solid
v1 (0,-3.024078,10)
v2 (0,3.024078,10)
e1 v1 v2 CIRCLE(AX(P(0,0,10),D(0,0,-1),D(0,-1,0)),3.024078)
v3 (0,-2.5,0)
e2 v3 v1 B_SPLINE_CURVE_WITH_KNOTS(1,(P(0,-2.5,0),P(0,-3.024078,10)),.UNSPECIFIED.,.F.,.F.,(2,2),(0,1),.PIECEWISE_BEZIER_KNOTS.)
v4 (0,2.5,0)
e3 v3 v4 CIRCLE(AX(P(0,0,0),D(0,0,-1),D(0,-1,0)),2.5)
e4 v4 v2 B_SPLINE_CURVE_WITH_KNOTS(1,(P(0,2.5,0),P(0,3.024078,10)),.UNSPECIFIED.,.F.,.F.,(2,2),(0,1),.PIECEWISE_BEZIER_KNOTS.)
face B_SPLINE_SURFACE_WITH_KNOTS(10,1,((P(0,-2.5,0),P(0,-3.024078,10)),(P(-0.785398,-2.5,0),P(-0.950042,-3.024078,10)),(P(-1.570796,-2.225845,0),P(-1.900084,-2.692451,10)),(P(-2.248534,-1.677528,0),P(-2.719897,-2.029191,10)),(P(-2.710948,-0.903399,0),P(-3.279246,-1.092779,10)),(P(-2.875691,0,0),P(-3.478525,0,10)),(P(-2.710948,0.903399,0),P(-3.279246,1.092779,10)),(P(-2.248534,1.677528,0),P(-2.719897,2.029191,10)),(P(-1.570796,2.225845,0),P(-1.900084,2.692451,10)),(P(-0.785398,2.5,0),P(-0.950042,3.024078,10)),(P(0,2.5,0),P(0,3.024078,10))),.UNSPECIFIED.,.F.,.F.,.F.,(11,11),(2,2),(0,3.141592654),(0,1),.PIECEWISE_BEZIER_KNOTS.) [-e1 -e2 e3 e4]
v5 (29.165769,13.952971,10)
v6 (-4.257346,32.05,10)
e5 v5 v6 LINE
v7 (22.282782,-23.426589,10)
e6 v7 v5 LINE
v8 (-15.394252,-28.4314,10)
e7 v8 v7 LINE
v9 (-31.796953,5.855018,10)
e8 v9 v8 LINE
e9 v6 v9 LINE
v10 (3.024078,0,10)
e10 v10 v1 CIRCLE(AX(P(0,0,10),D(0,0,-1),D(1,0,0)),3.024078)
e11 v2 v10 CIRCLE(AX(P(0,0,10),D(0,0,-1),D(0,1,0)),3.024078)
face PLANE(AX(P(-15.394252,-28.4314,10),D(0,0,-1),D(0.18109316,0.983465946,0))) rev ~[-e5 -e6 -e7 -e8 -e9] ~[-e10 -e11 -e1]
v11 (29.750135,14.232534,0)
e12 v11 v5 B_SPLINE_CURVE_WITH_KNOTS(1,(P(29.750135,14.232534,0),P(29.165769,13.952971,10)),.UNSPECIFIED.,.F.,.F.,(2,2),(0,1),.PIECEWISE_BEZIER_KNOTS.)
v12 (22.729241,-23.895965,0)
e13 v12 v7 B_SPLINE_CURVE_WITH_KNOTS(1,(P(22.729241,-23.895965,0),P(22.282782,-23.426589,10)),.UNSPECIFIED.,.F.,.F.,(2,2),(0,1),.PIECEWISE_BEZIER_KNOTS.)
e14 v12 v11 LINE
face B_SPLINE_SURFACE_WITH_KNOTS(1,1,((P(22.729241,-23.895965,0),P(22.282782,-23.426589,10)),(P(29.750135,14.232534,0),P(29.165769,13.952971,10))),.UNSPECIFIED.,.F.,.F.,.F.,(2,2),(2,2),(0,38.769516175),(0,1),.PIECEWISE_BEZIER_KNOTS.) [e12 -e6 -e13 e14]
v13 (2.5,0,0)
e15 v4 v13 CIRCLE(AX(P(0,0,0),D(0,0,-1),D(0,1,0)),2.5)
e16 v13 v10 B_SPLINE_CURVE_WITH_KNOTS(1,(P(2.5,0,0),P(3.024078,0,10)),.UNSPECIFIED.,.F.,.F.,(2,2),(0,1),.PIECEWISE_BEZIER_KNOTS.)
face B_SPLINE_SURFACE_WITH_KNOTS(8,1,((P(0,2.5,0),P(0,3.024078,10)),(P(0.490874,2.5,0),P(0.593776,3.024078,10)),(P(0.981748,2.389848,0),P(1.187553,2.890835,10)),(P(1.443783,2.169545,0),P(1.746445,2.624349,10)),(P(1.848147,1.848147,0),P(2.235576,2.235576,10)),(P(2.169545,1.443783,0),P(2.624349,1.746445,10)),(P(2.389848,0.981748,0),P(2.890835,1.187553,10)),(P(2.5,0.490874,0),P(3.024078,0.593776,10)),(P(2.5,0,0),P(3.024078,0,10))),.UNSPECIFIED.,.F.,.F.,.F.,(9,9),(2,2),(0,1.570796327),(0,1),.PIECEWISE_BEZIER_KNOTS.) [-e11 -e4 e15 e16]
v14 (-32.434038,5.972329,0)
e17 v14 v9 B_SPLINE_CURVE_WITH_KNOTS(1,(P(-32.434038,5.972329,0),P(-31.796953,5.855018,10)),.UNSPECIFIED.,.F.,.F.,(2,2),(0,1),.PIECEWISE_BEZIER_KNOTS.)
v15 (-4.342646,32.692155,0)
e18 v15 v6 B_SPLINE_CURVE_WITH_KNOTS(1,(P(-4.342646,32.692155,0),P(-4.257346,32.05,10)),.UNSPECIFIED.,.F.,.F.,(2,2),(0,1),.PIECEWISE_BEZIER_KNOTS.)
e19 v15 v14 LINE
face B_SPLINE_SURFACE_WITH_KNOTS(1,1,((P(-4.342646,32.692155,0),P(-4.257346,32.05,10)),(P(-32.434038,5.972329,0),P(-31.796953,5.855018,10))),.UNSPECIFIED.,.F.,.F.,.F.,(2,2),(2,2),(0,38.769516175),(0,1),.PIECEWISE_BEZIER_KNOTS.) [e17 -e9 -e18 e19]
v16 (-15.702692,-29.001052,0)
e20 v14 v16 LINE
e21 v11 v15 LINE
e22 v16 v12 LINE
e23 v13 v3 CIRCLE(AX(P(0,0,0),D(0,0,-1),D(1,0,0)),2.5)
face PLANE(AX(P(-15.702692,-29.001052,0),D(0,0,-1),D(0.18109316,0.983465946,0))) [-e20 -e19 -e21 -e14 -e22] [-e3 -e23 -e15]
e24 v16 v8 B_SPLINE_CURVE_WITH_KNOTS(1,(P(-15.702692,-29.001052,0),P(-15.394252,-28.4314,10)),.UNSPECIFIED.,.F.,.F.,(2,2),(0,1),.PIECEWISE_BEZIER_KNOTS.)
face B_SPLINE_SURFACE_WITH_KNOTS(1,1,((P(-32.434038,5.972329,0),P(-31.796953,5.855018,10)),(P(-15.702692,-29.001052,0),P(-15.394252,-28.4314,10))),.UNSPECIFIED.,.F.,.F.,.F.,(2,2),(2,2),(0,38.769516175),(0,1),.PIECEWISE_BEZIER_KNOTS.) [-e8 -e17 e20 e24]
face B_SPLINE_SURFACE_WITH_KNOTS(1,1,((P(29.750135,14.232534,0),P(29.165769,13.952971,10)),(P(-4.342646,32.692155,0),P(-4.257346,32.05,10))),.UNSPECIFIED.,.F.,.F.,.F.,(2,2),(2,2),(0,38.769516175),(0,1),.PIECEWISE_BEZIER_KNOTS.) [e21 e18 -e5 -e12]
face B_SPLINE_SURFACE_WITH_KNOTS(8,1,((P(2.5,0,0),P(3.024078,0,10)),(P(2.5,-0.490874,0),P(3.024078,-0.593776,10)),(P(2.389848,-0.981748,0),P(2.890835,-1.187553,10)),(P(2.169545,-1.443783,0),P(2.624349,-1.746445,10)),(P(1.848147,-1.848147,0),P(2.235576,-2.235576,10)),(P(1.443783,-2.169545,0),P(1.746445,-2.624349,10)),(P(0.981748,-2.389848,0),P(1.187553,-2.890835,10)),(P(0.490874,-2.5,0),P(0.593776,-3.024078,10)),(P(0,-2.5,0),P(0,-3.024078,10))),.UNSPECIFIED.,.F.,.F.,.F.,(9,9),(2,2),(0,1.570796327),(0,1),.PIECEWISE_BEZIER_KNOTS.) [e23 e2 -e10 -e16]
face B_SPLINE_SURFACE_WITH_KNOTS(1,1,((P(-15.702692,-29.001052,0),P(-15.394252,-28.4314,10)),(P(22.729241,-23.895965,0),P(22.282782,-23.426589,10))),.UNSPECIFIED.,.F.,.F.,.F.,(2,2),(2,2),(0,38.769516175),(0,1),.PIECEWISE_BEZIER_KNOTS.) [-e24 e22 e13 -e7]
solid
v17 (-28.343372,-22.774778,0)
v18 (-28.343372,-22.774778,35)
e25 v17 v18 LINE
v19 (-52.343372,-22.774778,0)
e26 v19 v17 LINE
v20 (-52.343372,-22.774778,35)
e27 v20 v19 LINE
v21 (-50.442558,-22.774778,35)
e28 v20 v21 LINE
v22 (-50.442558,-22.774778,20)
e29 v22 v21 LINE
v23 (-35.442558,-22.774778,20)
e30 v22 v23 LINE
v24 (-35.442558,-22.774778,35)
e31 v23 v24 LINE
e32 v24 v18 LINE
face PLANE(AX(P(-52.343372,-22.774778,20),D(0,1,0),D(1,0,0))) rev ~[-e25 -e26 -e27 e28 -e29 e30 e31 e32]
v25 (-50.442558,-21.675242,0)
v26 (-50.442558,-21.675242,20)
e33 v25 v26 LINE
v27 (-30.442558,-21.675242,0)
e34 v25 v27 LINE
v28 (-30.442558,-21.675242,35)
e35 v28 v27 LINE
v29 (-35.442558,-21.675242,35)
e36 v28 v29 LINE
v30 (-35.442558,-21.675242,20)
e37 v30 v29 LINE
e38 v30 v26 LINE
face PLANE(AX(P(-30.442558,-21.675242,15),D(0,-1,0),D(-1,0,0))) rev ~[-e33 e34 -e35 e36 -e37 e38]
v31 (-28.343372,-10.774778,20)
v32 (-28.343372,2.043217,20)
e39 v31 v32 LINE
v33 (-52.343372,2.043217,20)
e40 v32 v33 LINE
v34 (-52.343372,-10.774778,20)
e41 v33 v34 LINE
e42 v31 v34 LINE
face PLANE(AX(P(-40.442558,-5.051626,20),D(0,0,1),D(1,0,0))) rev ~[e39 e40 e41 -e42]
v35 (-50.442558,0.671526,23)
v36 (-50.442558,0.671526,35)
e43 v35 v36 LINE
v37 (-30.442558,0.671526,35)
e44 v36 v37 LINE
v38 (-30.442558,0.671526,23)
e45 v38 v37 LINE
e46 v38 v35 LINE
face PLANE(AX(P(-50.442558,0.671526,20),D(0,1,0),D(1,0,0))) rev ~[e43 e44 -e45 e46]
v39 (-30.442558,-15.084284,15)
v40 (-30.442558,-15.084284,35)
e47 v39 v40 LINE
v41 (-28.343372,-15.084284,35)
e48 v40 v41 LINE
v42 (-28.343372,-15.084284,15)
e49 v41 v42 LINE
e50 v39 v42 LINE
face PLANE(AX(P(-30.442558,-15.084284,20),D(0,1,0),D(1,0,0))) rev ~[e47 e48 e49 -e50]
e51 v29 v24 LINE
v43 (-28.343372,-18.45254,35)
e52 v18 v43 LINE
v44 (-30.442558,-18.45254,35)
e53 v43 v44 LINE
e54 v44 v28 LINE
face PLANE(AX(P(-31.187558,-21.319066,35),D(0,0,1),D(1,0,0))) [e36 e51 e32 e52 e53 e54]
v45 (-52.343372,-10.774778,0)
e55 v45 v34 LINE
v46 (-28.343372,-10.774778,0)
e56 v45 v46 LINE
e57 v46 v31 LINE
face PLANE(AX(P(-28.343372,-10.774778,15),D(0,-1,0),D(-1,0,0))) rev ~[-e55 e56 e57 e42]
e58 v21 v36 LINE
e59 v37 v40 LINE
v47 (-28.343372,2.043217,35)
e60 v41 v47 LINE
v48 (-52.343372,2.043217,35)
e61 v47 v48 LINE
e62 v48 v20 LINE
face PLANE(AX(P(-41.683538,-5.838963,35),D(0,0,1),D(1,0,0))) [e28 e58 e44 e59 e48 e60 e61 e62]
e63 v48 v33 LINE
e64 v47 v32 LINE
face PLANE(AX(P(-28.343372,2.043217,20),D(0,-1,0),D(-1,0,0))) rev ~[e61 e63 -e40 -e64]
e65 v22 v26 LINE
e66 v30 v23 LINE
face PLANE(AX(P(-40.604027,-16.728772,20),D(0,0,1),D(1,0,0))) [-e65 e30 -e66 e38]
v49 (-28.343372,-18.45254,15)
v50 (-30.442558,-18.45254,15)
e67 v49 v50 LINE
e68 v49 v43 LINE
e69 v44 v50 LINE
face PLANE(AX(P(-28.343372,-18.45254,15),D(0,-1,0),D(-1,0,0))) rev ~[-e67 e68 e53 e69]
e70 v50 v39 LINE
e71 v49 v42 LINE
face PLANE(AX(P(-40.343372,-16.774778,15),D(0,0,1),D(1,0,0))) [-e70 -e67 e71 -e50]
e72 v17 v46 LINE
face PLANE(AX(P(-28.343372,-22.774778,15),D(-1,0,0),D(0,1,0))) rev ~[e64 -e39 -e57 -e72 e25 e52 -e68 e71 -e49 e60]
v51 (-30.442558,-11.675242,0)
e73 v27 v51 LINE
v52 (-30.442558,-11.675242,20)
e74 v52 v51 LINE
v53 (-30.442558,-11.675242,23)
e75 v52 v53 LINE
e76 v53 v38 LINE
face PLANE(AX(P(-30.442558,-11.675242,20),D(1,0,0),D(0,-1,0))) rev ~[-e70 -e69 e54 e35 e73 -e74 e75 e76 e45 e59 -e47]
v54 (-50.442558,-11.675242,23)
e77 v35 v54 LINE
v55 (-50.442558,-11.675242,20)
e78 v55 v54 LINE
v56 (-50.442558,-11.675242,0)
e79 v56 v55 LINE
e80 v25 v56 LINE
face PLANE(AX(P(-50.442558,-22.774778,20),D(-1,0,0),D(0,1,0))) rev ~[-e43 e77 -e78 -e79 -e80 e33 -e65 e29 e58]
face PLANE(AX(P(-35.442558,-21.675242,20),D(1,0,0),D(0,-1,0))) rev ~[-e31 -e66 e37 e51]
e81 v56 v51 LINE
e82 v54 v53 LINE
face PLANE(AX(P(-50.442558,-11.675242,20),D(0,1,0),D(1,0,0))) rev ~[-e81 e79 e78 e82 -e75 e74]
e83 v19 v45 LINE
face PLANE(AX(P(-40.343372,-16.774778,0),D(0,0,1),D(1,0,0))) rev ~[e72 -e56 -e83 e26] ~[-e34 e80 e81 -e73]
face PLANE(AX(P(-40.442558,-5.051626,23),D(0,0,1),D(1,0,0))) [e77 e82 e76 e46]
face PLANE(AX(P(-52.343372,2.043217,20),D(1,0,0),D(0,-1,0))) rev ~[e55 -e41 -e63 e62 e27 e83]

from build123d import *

# Parameters (mm, degrees)
F0_W     = 24
F0_H     = 12
F0_W_2   = 20
F0_H_2   = 10
F1_DEPTH = 15
F3_DEPTH = 5
F4_W     = 20
F4_H     = 0.9004633875
F5_DEPTH = 3
F6_DEPTH = 15
F8_DEPTH = 10
F8_TAPER = 3


with BuildPart() as f1:
    # F0 (on Top) → F1 (new body)
    with BuildSketch(Plane.XY):
        with Locations((-40.3433722556, -16.7747783065)):
            Rectangle(F0_W, F0_H)
        with Locations((-40.4425580055, -16.675241694)):
            Rectangle(F0_W_2, F0_H_2, mode=Mode.SUBTRACT)
    extrude(amount=F1_DEPTH)

    # F2 (on face) → F3 (join)
    with BuildSketch(Plane.XY.offset(15)):
        Polygon((-30.4425580055, -18.45254004), (-30.4425580055, -21.675241694), (-50.4425580055, -21.675241694), (-50.4425580055, -11.675241694), (-30.4425580055, -11.675241694), (-30.4425580055, -15.0842843577), (-28.3433722556, -15.0842843577), (-28.3433722556, -10.7747783065), (-52.3433722556, -10.7747783065), (-52.3433722556, -22.7747783065), (-28.3433722556, -22.7747783065), (-28.3433722556, -18.45254004), align=None)
    extrude(amount=F3_DEPTH)

    # F4 (on face) → F5 (join)
    with BuildSketch(Plane.XY.offset(20)):
        Polygon((-30.4425580055, 0.6715257093), (-50.4425580055, 0.6715257093), (-50.4425580055, -9.3284742907), (-50.4425580055, -10.7747783065), (-30.4425580055, -10.7747783065), (-30.4425580055, -9.3284742907), align=None)
        with Locations((-40.4425580055, -11.2250100002)):
            Rectangle(F4_W, F4_H)
        Polygon((-50.4425580055, -11.675241694), (-50.4425580055, -10.7747783065), (-52.3433722556, -10.7747783065), (-52.3433722556, -22.7747783065), (-50.4425580055, -22.7747783065), (-50.4425580055, -21.675241694), align=None)
        Polygon((-50.4425580055, -9.3284742907), (-50.4425580055, 0.6715257093), (-30.4425580055, 0.6715257093), (-30.4425580055, -9.3284742907), (-30.4425580055, -10.7747783065), (-28.3433722556, -10.7747783065), (-28.3433722556, 2.0432167221), (-52.3433722556, 2.0432167221), (-52.3433722556, -10.7747783065), (-50.4425580055, -10.7747783065), align=None)
        Polygon((-28.3433722556, -10.7747783065), (-30.4425580055, -10.7747783065), (-30.4425580055, -11.675241694), (-30.4425580055, -15.0842843577), (-28.3433722556, -15.0842843577), align=None)
    extrude(amount=F5_DEPTH)

    # F4 (on face) → F6 (join)
    with BuildSketch(Plane.XY.offset(20)):
        Polygon((-50.4425580055, -9.3284742907), (-50.4425580055, 0.6715257093), (-30.4425580055, 0.6715257093), (-30.4425580055, -9.3284742907), (-30.4425580055, -10.7747783065), (-30.4425580055, -11.675241694), (-30.4425580055, -15.0842843577), (-28.3433722556, -15.0842843577), (-28.3433722556, -10.7747783065), (-28.3433722556, 2.0432167221), (-52.3433722556, 2.0432167221), (-52.3433722556, -10.7747783065), (-52.3433722556, -22.7747783065), (-50.4425580055, -22.7747783065), (-50.4425580055, -21.675241694), (-50.4425580055, -11.675241694), (-50.4425580055, -10.7747783065), align=None)
        Polygon((-35.4425580055, -22.7747783065), (-28.3433722556, -22.7747783065), (-28.3433722556, -21.675241694), (-28.3433722556, -18.45254004), (-30.4425580055, -18.45254004), (-30.4425580055, -21.675241694), (-35.4425580055, -21.675241694), align=None)
    extrude(amount=F6_DEPTH)


with BuildPart() as f8:
    # F7 (on Top) → F8 (new body)
    with BuildSketch(Plane.XY):
        Polygon((-15.7026917916, -29.0010523291), (22.729241176, -23.8959653762), (29.7501353768, 14.2325335326), (-4.3426463432, 32.6921548454), (-32.434038418, 5.9723293273), align=None)
        with BuildLine():
            ThreePointArc((0, 2.5), (1.767766953, 1.767766953), (2.5, 0))
            ThreePointArc((2.5, 0), (1.767766953, -1.767766953), (0, -2.5))
            ThreePointArc((0, -2.5), (-2.5, 0), (0, 2.5))
        make_face(mode=Mode.SUBTRACT)
    extrude(amount=F8_DEPTH, taper=F8_TAPER)


solid = Compound([f1.part, f8.part])
